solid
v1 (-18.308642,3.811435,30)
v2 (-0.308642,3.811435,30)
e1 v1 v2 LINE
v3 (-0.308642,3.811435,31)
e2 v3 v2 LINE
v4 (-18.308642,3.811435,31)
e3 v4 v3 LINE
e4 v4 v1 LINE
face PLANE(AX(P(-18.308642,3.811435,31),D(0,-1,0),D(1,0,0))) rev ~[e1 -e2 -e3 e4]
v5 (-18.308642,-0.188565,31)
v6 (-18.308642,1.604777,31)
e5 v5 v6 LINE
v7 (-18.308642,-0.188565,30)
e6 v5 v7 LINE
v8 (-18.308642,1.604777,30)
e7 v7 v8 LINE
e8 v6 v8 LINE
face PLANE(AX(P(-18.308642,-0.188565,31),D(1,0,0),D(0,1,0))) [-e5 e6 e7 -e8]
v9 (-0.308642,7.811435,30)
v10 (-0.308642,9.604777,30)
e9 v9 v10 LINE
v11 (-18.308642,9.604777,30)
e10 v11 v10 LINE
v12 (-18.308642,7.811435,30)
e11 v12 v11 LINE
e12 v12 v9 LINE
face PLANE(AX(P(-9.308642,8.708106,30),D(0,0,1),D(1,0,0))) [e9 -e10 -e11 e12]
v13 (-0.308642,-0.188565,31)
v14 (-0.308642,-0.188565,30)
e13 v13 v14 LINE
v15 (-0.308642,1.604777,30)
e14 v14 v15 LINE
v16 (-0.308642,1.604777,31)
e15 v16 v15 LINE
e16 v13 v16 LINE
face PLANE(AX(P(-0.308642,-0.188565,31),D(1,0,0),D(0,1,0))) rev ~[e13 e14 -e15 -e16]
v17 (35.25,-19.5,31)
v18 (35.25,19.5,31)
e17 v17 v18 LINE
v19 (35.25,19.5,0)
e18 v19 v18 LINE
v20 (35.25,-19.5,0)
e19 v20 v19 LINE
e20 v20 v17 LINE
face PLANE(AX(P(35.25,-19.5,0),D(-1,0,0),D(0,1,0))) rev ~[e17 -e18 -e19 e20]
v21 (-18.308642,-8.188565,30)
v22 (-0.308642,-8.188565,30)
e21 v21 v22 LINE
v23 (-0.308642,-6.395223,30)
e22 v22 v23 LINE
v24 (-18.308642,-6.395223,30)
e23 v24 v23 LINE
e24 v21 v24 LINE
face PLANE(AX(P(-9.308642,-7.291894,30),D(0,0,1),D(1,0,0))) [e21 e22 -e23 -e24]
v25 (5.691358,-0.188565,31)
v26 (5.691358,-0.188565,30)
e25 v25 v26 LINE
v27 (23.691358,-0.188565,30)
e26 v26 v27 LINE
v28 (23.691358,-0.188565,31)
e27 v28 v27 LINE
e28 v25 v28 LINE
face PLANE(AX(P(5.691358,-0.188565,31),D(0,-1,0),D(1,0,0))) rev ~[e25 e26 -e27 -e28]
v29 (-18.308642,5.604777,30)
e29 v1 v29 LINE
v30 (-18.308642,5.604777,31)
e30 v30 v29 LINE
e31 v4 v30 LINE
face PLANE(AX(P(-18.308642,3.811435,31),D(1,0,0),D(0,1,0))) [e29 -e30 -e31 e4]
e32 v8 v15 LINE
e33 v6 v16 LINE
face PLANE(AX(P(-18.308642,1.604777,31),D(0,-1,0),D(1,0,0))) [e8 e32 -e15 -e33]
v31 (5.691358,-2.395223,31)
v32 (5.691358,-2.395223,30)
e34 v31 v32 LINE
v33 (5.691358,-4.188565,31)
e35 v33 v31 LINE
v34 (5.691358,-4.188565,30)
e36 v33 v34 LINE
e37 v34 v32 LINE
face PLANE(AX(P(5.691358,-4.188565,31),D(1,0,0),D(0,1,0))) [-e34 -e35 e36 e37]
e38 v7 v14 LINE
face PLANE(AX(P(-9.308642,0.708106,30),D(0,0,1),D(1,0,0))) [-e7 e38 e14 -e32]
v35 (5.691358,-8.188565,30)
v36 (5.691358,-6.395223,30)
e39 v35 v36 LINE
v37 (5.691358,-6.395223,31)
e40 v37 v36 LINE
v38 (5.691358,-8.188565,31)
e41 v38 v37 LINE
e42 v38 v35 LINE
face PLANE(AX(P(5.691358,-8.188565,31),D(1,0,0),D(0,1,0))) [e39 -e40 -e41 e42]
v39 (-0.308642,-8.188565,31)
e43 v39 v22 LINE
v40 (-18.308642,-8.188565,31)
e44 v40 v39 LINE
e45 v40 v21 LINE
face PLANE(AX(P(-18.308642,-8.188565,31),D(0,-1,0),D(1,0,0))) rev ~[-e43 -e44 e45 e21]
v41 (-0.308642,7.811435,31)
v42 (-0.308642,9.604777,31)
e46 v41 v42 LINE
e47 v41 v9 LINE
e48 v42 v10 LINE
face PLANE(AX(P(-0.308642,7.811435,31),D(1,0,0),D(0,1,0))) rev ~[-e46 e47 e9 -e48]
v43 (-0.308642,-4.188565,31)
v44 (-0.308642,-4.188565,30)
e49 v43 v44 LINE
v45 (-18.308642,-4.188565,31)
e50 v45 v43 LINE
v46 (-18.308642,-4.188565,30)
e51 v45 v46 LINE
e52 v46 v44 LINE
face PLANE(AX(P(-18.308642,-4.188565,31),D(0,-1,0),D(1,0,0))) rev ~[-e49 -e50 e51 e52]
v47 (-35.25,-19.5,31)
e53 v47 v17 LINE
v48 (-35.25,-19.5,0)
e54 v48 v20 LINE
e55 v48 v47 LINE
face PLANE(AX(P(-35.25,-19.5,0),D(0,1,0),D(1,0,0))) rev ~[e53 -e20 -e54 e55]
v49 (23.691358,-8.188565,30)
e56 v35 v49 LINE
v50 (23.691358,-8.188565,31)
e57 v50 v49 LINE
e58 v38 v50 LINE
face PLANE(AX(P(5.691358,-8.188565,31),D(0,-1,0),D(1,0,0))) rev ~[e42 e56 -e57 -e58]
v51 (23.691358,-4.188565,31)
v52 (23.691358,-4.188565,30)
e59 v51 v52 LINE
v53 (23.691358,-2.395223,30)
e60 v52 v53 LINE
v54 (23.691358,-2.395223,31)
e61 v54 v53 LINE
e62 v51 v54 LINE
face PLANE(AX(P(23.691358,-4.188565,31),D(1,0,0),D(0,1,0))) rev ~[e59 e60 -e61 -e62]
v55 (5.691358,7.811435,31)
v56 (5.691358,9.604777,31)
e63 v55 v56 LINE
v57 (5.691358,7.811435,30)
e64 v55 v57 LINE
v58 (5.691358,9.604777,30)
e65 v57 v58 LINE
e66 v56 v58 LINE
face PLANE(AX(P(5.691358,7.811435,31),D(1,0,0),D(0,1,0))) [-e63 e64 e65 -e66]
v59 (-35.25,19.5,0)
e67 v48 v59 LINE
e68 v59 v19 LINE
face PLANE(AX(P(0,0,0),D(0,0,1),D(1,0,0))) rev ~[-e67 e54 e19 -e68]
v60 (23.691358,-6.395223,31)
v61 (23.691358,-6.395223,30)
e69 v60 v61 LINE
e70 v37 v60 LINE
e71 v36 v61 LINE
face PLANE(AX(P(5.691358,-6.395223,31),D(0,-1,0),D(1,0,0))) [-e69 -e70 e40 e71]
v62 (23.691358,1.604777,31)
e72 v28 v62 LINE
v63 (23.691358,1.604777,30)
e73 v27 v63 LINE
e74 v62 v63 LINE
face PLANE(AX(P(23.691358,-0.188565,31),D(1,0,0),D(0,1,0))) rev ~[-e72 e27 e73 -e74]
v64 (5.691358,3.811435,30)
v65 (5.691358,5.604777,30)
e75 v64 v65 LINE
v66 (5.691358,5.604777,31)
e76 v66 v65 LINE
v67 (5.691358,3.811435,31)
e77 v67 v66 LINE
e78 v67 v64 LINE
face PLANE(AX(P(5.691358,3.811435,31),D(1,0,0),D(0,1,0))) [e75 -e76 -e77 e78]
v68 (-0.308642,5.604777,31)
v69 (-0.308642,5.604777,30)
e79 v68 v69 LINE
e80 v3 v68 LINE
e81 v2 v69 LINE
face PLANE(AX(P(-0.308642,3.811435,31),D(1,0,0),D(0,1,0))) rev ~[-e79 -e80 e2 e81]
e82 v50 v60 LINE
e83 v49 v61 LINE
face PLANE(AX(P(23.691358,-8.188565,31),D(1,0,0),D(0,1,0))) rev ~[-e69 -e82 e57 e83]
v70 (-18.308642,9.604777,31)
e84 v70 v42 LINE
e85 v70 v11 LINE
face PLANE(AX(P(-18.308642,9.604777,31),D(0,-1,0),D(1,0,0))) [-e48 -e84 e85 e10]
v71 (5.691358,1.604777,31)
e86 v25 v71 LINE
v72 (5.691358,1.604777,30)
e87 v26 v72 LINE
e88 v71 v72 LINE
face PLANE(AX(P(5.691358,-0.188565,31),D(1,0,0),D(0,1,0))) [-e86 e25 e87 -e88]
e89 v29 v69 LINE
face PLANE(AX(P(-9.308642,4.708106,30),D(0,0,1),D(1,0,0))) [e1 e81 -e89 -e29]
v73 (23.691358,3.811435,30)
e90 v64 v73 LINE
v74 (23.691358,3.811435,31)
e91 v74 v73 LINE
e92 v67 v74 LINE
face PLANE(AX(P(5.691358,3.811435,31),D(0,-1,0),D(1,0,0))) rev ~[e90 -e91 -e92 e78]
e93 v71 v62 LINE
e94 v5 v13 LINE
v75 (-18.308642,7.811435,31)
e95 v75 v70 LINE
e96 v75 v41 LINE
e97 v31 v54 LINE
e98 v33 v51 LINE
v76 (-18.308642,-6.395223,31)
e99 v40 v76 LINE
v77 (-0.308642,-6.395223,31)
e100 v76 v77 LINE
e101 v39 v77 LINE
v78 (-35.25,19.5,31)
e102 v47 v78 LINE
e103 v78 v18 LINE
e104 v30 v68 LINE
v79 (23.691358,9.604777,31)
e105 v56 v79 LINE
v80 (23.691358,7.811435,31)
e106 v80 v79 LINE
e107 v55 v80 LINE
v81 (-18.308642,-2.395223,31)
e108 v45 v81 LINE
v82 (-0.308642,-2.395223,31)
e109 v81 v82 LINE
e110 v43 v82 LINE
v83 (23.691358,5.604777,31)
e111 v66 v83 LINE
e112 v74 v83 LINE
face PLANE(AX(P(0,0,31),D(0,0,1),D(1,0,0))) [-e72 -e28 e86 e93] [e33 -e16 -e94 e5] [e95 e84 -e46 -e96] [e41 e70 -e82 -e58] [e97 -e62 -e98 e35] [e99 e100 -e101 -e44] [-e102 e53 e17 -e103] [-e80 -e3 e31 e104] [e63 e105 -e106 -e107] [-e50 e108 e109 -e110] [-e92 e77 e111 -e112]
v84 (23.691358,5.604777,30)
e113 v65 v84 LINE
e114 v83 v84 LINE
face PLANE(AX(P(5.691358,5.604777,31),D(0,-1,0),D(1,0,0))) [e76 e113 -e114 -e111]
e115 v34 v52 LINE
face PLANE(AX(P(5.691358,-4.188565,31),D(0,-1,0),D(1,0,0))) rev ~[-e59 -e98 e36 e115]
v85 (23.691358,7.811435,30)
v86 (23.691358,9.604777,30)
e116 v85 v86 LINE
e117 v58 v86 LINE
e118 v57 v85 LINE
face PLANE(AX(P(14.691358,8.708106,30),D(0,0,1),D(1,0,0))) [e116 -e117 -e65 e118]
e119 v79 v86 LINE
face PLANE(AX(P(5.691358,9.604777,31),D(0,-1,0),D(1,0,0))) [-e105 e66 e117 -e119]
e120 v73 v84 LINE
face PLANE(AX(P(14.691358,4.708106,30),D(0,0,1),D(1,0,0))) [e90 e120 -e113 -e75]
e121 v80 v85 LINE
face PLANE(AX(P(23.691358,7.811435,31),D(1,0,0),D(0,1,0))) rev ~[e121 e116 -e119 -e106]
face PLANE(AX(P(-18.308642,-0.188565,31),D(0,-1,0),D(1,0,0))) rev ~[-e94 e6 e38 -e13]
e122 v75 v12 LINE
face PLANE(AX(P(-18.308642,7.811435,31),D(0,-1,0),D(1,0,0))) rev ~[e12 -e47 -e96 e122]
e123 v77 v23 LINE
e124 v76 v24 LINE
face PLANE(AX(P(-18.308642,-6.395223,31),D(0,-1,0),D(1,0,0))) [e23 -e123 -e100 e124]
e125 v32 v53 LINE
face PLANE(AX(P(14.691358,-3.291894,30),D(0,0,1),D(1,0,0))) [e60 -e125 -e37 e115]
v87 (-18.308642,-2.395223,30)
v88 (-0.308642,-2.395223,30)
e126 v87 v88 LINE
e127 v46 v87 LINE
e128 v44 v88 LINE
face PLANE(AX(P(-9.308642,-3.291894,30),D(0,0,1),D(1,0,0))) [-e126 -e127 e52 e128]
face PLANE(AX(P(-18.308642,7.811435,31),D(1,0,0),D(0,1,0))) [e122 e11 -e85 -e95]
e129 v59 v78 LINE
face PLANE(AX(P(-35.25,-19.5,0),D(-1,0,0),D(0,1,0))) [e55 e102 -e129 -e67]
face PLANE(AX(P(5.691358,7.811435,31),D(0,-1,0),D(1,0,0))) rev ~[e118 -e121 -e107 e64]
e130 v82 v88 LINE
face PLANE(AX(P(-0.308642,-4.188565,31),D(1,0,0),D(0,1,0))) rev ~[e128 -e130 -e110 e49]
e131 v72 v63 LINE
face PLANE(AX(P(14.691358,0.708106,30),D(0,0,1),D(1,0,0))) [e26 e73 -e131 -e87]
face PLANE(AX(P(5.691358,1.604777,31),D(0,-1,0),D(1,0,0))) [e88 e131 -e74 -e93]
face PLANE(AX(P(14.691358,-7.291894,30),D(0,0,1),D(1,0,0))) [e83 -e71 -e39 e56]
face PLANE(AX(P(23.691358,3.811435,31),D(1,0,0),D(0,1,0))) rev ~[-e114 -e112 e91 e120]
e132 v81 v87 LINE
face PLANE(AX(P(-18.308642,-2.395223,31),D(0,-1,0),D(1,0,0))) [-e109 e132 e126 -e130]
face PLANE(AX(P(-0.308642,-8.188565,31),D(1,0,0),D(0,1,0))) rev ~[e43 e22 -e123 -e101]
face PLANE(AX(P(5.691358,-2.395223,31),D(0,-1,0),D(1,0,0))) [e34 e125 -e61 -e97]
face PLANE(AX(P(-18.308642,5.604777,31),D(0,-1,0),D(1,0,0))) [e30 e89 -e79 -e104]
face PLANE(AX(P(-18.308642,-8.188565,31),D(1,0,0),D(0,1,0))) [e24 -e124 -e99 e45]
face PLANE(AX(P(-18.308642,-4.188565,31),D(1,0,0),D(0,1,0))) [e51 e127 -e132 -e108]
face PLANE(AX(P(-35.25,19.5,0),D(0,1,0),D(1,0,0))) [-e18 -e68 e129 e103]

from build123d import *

# Parameters (mm, degrees)
F0_W     = 70.5
F0_H     = 39
F1_DEPTH = 31
F2_W     = 18
F2_H     = 1.793342
F3_DEPTH = 1


with BuildPart() as f1:
    # F0 (on Top) → F1 (new body)
    with BuildSketch(Plane.XY):
        Rectangle(F0_W, F0_H)
    extrude(amount=F1_DEPTH)

    # F2 (on face) → F3 (cut)
    with BuildSketch(Plane.XY.offset(31)):
        with Locations((-9.308642, 8.708106)):
            Rectangle(F2_W, F2_H)
        with Locations((14.691358, 8.708106)):
            Rectangle(F2_W, F2_H)
        with Locations((14.691358, 4.708106)):
            Rectangle(F2_W, F2_H)
        with Locations((-9.308642, 4.708106)):
            Rectangle(F2_W, F2_H)
        with Locations((14.691358, 0.708106)):
            Rectangle(F2_W, F2_H)
        with Locations((-9.308642, 0.708106)):
            Rectangle(F2_W, F2_H)
        with Locations((14.691358, -3.291894)):
            Rectangle(F2_W, F2_H)
        with Locations((-9.308642, -3.291894)):
            Rectangle(F2_W, F2_H)
        with Locations((14.691358, -7.291894)):
            Rectangle(F2_W, F2_H)
        with Locations((-9.308642, -7.291894)):
            Rectangle(F2_W, F2_H)
    extrude(amount=-F3_DEPTH, mode=Mode.SUBTRACT)


solid = f1.part
